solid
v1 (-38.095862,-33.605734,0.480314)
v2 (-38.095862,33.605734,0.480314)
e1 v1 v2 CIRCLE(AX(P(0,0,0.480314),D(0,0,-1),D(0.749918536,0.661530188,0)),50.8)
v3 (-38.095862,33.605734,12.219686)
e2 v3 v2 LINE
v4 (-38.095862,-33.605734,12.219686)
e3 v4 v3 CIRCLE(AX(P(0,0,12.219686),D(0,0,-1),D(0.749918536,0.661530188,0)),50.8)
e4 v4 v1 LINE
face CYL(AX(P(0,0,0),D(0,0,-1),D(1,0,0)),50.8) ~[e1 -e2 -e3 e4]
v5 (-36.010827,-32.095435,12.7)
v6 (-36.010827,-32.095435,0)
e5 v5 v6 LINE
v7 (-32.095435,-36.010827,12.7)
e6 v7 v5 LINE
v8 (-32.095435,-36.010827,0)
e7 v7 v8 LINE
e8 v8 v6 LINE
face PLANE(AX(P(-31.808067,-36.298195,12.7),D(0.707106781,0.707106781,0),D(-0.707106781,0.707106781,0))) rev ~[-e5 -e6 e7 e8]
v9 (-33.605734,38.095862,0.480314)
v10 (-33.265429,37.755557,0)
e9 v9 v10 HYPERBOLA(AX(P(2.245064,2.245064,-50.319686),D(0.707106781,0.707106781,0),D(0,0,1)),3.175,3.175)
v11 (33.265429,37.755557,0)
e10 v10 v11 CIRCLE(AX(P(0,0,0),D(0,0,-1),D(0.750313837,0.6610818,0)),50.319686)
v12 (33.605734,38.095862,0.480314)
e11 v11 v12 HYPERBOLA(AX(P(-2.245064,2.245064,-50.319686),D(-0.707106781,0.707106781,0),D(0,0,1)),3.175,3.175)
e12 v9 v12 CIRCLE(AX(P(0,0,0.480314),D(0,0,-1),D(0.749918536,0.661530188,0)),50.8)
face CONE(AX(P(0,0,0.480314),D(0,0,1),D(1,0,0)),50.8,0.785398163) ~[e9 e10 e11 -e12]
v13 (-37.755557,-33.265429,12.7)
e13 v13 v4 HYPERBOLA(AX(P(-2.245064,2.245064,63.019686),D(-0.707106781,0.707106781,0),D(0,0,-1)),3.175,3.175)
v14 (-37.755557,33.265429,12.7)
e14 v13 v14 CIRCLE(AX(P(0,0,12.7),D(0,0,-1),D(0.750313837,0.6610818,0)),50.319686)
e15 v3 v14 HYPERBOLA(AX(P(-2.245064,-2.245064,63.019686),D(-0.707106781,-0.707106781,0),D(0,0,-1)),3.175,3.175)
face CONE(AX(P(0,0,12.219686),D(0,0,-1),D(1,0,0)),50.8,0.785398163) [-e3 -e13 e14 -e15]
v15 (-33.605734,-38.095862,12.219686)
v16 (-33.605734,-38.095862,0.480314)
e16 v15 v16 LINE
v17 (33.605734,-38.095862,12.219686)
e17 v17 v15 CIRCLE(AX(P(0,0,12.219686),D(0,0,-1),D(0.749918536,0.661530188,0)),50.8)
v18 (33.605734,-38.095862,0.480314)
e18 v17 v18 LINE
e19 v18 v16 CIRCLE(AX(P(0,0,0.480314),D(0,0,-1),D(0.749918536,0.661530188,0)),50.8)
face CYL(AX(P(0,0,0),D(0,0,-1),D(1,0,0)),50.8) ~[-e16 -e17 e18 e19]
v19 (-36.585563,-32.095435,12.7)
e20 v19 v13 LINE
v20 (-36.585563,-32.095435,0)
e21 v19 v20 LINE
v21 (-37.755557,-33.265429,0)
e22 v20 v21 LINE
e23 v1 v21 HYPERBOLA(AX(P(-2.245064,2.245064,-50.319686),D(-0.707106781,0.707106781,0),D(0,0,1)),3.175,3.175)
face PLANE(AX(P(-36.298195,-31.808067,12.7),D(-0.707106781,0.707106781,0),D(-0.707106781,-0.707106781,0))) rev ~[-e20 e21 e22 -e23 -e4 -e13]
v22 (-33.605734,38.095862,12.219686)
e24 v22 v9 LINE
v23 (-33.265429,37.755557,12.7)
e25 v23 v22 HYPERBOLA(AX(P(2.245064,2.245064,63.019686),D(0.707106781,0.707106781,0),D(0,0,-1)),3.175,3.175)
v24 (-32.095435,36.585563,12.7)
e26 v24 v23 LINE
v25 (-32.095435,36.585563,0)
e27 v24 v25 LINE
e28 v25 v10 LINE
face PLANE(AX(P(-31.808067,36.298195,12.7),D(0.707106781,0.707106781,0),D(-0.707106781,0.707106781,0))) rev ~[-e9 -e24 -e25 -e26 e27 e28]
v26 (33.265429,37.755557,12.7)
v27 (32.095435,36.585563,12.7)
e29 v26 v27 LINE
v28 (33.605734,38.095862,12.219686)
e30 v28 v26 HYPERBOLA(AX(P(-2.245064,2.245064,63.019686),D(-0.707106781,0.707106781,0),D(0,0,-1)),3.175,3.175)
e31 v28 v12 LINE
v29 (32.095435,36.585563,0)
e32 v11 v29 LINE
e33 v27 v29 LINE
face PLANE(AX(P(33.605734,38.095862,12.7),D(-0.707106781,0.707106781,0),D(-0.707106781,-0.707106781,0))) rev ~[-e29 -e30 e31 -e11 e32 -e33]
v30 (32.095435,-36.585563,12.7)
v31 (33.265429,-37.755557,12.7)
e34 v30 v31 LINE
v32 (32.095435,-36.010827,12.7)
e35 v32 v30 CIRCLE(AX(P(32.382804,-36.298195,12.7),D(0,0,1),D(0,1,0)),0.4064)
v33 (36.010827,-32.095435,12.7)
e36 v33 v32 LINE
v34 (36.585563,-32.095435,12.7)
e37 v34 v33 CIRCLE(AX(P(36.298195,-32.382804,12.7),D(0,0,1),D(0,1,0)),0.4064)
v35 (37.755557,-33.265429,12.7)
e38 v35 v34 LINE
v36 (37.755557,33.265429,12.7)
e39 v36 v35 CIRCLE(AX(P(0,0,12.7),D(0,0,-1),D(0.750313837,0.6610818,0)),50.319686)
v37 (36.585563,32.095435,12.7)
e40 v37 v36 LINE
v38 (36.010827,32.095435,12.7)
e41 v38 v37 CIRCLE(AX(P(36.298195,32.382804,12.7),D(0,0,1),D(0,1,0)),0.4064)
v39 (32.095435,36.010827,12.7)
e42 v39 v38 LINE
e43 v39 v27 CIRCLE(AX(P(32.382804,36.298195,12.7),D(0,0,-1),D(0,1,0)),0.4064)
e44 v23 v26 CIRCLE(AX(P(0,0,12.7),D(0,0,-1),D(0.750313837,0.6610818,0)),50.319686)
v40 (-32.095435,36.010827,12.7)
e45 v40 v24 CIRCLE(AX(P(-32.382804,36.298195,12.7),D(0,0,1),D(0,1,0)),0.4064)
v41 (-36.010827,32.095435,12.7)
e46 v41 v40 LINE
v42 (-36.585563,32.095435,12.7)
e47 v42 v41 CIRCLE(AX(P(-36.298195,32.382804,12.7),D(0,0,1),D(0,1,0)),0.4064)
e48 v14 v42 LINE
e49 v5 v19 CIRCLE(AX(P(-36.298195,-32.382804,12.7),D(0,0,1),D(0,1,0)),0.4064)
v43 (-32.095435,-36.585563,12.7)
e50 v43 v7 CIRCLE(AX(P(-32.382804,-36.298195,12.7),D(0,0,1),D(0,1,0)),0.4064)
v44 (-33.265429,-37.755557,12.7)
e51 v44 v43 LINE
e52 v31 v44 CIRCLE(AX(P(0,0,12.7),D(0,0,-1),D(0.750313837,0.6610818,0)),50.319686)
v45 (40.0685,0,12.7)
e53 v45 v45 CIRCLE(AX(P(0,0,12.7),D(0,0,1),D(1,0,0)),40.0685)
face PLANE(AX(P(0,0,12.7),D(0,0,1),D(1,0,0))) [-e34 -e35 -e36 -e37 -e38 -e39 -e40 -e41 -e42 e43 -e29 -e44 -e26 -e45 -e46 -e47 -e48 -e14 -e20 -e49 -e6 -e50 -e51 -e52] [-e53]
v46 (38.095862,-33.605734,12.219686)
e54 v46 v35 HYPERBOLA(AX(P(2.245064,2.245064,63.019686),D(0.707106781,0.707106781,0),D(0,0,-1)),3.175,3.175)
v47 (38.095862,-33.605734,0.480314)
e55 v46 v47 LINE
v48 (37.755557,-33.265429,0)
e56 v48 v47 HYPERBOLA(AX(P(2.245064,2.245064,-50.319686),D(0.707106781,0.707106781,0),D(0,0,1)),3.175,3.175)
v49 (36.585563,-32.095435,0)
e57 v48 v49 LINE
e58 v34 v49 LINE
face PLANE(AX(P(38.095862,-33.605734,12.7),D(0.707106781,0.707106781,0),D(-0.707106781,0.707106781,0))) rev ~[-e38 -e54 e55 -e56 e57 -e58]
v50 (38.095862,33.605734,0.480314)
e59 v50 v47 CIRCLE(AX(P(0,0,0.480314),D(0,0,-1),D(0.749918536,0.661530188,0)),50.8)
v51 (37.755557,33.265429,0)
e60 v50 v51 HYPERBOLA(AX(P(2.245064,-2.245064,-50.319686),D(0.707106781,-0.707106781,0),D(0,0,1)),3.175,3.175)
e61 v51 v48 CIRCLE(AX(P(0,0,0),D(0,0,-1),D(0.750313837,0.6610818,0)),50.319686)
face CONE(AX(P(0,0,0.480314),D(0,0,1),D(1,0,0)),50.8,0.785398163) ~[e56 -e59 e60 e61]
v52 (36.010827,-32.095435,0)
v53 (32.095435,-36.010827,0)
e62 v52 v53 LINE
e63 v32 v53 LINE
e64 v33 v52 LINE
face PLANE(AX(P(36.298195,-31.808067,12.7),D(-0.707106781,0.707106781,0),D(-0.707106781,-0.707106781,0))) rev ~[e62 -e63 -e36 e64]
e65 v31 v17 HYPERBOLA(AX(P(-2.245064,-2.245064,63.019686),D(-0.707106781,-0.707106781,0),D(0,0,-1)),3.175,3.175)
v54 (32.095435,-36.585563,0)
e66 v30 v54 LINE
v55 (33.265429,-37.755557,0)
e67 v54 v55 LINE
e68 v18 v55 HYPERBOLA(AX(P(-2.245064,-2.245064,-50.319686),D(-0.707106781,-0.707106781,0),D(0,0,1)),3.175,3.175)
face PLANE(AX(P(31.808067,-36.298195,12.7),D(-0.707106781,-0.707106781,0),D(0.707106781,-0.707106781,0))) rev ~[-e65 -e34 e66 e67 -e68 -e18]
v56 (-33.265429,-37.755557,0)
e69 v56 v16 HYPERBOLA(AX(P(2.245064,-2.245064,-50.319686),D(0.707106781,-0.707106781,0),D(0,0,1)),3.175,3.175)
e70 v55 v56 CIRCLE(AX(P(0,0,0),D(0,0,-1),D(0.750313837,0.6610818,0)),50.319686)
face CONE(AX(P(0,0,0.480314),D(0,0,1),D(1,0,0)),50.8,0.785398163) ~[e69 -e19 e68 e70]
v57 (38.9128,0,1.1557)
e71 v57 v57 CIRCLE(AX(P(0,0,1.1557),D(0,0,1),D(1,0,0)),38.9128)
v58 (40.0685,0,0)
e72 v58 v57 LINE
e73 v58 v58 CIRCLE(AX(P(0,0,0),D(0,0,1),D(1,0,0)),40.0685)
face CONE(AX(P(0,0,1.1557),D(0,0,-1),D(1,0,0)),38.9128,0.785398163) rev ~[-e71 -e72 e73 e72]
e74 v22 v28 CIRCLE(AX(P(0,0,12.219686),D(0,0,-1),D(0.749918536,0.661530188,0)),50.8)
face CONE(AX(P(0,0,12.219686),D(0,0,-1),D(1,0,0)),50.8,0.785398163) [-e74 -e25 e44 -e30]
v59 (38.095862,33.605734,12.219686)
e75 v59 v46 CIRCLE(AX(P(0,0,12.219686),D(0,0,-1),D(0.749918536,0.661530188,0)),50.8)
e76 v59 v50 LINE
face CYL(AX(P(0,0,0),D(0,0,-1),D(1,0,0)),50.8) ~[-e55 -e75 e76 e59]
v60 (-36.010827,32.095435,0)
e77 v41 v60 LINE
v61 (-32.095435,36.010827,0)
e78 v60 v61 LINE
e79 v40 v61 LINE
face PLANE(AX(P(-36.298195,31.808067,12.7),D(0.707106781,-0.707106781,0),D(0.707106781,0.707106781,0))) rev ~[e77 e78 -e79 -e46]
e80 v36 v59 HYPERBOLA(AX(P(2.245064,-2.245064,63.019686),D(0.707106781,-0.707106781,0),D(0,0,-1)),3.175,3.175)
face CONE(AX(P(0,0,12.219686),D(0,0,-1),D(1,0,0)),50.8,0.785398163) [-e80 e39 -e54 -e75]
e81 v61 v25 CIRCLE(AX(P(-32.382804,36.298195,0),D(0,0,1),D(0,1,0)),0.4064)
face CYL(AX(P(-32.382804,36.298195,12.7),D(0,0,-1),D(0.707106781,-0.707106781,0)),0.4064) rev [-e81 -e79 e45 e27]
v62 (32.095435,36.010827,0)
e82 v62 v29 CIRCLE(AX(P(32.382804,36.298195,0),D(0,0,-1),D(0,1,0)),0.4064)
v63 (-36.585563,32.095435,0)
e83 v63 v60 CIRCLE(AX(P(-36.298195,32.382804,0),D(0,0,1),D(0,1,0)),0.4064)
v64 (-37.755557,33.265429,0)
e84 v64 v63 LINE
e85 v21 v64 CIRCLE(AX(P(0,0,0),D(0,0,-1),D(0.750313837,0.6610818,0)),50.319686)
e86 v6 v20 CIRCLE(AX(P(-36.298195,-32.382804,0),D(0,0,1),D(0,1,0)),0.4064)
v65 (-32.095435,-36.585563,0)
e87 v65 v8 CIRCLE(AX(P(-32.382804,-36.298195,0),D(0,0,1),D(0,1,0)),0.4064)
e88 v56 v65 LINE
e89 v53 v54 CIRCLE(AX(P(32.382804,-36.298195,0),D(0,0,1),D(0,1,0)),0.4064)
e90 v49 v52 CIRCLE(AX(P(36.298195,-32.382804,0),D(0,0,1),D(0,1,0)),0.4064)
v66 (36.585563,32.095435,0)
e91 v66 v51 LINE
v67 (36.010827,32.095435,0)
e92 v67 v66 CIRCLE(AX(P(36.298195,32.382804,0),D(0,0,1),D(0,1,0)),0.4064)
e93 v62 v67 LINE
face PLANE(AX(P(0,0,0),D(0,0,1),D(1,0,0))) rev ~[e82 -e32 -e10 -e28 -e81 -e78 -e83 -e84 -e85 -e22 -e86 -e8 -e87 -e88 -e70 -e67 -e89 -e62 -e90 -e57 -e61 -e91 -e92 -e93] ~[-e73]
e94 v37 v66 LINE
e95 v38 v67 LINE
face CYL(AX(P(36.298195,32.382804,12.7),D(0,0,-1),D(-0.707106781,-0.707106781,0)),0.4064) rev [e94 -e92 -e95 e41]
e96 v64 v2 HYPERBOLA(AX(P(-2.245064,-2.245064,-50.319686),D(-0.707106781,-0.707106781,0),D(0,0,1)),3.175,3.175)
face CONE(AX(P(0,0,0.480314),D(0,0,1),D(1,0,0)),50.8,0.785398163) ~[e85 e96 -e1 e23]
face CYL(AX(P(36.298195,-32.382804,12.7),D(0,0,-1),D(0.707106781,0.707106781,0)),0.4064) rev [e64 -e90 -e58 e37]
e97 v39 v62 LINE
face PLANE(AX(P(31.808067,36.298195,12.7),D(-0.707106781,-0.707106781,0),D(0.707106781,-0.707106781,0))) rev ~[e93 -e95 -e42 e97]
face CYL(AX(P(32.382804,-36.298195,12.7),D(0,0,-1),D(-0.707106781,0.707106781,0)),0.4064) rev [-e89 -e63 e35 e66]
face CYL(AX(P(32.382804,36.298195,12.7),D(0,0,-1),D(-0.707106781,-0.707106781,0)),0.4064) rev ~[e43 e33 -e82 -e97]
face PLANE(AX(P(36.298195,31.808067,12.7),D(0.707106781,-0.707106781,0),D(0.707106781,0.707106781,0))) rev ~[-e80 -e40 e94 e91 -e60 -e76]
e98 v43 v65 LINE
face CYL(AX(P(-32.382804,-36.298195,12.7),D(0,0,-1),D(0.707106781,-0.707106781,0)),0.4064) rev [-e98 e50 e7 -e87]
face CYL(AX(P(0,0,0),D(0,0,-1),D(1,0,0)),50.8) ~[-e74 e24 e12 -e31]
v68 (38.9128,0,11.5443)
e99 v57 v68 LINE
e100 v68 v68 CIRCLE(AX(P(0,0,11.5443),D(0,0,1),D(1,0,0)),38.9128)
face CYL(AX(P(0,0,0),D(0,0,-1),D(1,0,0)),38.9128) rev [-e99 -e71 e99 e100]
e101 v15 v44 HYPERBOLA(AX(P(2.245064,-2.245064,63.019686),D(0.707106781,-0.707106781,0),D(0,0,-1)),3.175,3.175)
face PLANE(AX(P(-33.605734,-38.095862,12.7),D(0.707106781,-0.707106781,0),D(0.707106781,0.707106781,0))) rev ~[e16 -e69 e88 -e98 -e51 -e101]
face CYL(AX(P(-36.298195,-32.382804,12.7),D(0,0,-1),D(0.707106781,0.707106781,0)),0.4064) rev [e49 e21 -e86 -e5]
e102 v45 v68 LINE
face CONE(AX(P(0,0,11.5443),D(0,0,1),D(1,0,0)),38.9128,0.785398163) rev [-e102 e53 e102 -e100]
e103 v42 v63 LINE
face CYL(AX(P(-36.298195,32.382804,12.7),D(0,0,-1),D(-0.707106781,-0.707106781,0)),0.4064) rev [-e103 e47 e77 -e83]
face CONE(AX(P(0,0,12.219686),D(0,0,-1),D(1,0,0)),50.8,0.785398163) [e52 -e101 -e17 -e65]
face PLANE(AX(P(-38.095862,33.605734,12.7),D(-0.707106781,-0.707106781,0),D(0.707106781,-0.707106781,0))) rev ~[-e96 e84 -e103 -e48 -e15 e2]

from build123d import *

# Parameters (mm, degrees)
SKETCH1_R                = 50.8
SKETCH1_R_2              = 38.9128
EXTRUDE1_DEPTH           = 12.7
CHAMFER1_SIZE            = 0.480314
CHAMFER2_SIZE            = 1.1557
CUT_EXTRUDE1_DEPTH       = 13.7
FILLET1_R                = 0.4064
CIRPATTERN1_COUNT        = 4
FILLET1_OF_CIRPATTERN1_R = 0.4064


with BuildPart() as part:
    # Sketch1 → Extrude1 (new body)
    with BuildSketch(Plane.XY):
        Circle(SKETCH1_R)
        Circle(SKETCH1_R_2, mode=Mode.SUBTRACT)
    extrude(amount=EXTRUDE1_DEPTH)

    # Chamfer1
    chamfer1_edges = [part.edges().sort_by_distance(p)[0] for p in [
        (-50.8, 0, 0),
        (-50.8, 0, 12.7),
    ]]
    chamfer(chamfer1_edges, length=CHAMFER1_SIZE)

    # Chamfer2
    chamfer2_edges = [part.edges().sort_by_distance(p)[0] for p in [
        (-38.9128, 0, 0),
        (-38.9128, 0, 12.7),
    ]]
    chamfer(chamfer2_edges, length=CHAMFER2_SIZE)

    # Sketch2 → Cut-Extrude1 (cut, through all)
    with BuildSketch(Plane.XY.offset(12.7)):
        with BuildLine():
            Line((33.605733555, 38.095861616), (31.808067181, 36.298195241))
            Line((31.808067181, 36.298195241), (36.298195241, 31.808067181))
            Line((36.298195241, 31.808067181), (38.095861616, 33.605733555))
            ThreePointArc((38.095861616, 33.605733555), (35.921024484, 35.921024484), (33.605733555, 38.095861616))
        make_face()
    cut_extrude1 = extrude(amount=-CUT_EXTRUDE1_DEPTH, mode=Mode.SUBTRACT)

    # Fillet1
    fillet1_edges = [part.edges().sort_by_distance(p)[0] for p in [
        (36.298195241, 31.808067181, 6.35),
        (31.808067181, 36.298195241, 6.35),
    ]]
    fillet(fillet1_edges, radius=FILLET1_R)

    # CirPattern1: Cut-Extrude1 ×4 about axis
    cirpattern1_axis = Axis((0, 0, 0), (0, 0, 1))
    for i in range(1, CIRPATTERN1_COUNT):
        add(cut_extrude1.rotate(cirpattern1_axis, i * 360 / CIRPATTERN1_COUNT), mode=Mode.SUBTRACT)

    # Fillet1 of CirPattern1
    fillet1_of_cirpattern1_edges = [part.edges().sort_by_distance(p)[0] for p in [
        (-31.808067181, 36.298195241, 6.35),
        (-36.298195241, 31.808067181, 6.35),
        (-36.298195241, -31.808067181, 6.35),
        (-31.808067181, -36.298195241, 6.35),
        (31.808067181, -36.298195241, 6.35),
        (36.298195241, -31.808067181, 6.35),
    ]]
    fillet(fillet1_of_cirpattern1_edges, radius=FILLET1_OF_CIRPATTERN1_R)


solid = part.part
